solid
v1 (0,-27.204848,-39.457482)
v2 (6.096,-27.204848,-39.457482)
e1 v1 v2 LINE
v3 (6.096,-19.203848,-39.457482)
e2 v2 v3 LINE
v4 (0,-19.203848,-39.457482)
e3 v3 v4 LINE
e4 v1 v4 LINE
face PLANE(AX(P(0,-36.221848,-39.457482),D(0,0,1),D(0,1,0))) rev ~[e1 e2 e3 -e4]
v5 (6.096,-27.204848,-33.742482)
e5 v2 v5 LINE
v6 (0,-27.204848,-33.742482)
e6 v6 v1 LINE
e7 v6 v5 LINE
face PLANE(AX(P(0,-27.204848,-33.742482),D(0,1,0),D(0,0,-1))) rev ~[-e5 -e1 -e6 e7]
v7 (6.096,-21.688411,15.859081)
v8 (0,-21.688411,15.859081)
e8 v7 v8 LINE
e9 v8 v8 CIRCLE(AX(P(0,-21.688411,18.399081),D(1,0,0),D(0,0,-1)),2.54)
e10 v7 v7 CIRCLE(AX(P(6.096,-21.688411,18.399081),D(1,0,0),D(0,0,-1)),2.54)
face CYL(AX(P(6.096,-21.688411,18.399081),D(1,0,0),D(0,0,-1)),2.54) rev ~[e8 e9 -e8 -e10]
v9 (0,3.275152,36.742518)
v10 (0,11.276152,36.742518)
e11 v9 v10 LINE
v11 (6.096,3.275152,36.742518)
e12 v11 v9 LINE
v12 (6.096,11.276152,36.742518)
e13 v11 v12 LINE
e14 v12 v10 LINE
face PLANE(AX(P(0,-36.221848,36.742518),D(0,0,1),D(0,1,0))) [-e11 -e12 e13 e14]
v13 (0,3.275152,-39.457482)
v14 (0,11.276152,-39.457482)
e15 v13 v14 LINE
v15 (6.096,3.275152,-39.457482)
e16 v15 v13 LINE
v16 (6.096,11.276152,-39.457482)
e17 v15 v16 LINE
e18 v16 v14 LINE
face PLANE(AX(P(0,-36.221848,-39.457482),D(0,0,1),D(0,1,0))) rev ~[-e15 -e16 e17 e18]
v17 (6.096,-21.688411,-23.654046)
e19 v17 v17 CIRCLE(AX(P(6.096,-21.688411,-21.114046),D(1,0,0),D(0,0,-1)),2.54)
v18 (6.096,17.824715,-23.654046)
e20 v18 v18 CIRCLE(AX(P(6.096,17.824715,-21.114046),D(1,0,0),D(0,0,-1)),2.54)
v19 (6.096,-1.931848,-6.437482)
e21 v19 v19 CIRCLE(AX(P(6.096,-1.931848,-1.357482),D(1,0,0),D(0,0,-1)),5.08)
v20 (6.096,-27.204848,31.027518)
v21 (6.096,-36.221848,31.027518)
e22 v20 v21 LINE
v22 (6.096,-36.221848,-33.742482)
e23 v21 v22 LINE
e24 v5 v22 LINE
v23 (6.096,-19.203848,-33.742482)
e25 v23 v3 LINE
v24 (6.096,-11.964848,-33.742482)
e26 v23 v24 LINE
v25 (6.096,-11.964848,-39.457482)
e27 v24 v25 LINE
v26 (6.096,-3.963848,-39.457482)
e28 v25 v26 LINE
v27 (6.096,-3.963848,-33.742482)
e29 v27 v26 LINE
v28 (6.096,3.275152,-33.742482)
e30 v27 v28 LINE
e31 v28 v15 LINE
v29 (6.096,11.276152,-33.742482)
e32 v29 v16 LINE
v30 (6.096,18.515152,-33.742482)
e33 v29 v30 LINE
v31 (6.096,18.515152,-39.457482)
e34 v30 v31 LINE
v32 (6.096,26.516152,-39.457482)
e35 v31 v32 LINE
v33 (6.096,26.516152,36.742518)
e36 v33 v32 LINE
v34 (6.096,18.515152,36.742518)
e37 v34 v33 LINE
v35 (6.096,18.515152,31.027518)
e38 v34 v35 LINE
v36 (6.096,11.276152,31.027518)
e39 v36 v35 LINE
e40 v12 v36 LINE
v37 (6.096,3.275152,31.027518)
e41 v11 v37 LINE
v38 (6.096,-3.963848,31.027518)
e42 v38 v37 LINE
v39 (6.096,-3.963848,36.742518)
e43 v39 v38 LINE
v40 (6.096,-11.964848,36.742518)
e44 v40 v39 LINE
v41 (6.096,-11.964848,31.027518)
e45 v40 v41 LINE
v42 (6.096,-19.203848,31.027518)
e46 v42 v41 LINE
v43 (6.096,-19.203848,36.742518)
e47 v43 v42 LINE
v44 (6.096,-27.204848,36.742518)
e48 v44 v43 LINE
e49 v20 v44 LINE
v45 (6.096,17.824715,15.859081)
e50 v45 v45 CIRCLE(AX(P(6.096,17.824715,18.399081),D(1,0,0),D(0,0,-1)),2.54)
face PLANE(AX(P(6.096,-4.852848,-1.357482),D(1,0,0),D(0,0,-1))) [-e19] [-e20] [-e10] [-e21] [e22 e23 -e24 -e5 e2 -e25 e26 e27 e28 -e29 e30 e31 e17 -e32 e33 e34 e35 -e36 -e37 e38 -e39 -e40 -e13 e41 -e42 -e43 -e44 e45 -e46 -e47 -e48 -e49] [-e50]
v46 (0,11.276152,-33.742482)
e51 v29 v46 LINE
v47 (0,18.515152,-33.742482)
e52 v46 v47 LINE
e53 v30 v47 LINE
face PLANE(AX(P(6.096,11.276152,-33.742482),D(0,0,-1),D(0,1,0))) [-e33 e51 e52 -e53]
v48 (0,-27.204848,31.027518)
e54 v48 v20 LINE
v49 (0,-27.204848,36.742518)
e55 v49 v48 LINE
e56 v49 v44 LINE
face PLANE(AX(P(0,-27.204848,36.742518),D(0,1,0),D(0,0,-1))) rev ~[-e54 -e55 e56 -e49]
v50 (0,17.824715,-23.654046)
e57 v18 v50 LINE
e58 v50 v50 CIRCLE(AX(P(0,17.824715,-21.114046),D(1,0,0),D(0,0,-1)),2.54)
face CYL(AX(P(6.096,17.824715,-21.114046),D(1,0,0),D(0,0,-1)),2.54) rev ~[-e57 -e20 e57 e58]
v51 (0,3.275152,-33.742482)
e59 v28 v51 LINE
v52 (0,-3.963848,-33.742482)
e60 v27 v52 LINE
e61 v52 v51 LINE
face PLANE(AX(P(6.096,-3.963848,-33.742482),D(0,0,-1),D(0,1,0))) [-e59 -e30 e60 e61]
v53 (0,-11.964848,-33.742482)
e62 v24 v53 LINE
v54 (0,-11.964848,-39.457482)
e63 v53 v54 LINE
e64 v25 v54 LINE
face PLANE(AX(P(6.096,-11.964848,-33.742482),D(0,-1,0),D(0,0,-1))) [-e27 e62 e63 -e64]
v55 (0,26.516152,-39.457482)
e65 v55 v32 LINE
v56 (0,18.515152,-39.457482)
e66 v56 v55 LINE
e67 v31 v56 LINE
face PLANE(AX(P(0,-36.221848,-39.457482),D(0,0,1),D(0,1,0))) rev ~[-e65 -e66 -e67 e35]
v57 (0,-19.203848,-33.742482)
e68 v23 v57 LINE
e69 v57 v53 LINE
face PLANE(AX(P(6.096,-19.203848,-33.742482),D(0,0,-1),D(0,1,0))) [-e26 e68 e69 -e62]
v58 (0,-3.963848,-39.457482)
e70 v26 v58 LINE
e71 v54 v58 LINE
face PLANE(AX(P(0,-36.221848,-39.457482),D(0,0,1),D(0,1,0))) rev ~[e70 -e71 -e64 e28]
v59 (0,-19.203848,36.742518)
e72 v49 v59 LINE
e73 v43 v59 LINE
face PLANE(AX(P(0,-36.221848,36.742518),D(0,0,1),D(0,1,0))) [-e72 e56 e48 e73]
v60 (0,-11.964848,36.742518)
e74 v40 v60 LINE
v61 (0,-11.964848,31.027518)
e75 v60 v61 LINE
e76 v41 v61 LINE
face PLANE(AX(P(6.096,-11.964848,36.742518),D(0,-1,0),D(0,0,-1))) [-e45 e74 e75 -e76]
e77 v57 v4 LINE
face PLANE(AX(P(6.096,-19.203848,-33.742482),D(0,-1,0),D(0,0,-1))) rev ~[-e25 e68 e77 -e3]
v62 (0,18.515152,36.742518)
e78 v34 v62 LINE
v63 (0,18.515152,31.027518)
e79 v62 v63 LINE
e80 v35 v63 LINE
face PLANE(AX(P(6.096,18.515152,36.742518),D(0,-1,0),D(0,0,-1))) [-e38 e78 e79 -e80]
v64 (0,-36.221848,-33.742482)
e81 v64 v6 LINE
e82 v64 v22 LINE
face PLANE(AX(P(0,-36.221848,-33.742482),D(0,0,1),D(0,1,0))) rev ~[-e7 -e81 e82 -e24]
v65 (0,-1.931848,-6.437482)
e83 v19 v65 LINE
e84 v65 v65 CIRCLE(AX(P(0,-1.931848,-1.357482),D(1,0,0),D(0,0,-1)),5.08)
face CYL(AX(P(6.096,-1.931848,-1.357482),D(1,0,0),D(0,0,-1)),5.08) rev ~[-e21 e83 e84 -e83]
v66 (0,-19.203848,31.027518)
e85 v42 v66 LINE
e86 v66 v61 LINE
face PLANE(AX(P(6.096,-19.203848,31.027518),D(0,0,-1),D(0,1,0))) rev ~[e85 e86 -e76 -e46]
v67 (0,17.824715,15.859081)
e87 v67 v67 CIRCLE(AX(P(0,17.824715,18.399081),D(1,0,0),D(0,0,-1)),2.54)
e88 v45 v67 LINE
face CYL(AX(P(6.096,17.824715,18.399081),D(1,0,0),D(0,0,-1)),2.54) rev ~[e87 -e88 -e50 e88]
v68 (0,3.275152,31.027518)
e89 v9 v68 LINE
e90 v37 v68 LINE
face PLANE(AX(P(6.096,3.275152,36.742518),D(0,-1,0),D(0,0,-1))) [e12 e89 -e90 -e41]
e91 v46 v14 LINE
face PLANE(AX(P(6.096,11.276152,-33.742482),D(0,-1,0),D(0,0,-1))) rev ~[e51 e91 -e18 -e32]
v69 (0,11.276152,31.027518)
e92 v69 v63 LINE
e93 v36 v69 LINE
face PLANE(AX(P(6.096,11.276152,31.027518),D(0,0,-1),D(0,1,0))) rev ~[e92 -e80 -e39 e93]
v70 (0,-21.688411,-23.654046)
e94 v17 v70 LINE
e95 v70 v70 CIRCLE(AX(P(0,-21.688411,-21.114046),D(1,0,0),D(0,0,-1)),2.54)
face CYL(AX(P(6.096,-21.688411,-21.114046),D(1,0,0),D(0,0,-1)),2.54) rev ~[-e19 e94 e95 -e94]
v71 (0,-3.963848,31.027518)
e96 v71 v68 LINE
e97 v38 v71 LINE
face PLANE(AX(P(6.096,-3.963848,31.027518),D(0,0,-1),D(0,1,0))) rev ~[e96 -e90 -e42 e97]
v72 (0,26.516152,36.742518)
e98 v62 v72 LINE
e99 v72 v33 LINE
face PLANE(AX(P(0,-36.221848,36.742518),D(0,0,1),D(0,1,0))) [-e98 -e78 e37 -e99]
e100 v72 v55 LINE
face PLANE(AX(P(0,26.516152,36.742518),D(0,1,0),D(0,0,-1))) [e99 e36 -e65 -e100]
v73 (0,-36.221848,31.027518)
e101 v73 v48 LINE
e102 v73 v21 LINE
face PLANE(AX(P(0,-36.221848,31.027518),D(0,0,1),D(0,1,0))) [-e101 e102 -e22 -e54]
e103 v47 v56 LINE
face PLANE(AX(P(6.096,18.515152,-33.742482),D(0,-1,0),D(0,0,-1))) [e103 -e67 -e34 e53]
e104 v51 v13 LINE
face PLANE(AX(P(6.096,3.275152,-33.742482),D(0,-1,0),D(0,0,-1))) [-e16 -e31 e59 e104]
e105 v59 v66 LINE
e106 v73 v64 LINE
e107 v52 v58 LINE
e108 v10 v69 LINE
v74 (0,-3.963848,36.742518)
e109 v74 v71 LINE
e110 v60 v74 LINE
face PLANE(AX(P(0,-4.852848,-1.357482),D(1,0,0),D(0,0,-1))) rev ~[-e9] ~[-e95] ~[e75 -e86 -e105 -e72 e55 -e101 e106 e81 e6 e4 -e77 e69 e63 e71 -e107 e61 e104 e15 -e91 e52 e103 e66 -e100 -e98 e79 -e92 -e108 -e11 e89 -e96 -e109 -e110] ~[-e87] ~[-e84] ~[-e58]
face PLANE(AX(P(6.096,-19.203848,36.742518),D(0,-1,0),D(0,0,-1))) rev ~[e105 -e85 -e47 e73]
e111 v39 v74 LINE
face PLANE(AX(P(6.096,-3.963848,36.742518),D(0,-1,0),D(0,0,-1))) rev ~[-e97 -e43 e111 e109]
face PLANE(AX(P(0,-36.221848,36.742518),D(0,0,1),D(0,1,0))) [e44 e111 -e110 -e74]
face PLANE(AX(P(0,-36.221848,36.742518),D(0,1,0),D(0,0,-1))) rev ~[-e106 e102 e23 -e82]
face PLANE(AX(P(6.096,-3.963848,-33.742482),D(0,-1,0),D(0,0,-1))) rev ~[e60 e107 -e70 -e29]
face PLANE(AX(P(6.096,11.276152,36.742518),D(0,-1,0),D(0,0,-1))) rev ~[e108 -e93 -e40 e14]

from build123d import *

# Parameters (mm, degrees)
SKETCH1_W               = 76.2
SKETCH1_H               = 62.738
BOSS_EXTRUDE1_DEPTH     = 6.096
SKETCH2_R               = 5.08
SKETCH2_R_2             = 2.54
CUT_EXTRUDE1_DEPTH      = 6.096
SKETCH3_W               = 5.715
SKETCH3_H               = 7.239
CUT_EXTRUDE2_DEPTH      = 6.096
CUT_EXTRUDE3_DEPTH      = 7.874
CUT_EXTRUDE3_DEPTH_BACK = 6.096
SKETCH4_W               = 5.715
SKETCH4_H               = 9.017


with BuildPart() as part:
    # Sketch1 → Boss-Extrude1 (new body)
    with BuildSketch(Plane(origin=(0, 0, 0), x_dir=(0, 0, -1), z_dir=(1, 0, 0))):
        with Locations((1.357482185, -4.852847981)):
            Rectangle(SKETCH1_W, SKETCH1_H)
    extrude(amount=BOSS_EXTRUDE1_DEPTH)

    # Sketch2 → Cut-Extrude1 (cut)
    with BuildSketch(Plane(origin=(6.096, 0, 0), x_dir=(0, 0, -1), z_dir=(1, 0, 0))):
        with Locations((1.357482185, -1.931847981)):
            Circle(SKETCH2_R)
        with Locations((-18.399081281, 17.824715485)):
            Circle(SKETCH2_R_2)
        with Locations((21.114045652, 17.824715485)):
            Circle(SKETCH2_R_2)
        with Locations((21.114045652, -21.688411447)):
            Circle(SKETCH2_R_2)
        with Locations((-18.399081281, -21.688411447)):
            Circle(SKETCH2_R_2)
    extrude(amount=-CUT_EXTRUDE1_DEPTH, mode=Mode.SUBTRACT)

    # Sketch3 → Cut-Extrude2 (cut)
    with BuildSketch(Plane(origin=(6.096, 0, 0), x_dir=(0, 0, -1), z_dir=(1, 0, 0))):
        with Locations((-33.885017815, 14.895652019)):
            Rectangle(SKETCH3_W, SKETCH3_H)
        with Locations((-33.885017815, -0.344347981)):
            Rectangle(SKETCH3_W, SKETCH3_H)
        with Locations((-33.885017815, -15.584347981)):
            Rectangle(SKETCH3_W, SKETCH3_H)
        with Locations((36.599982185, -15.584347981)):
            Rectangle(SKETCH3_W, SKETCH3_H)
        with Locations((36.599982185, 14.895652019)):
            Rectangle(SKETCH3_W, SKETCH3_H)
        with Locations((36.599982185, -0.344347981)):
            Rectangle(SKETCH3_W, SKETCH3_H)
    extrude(amount=-CUT_EXTRUDE2_DEPTH, mode=Mode.SUBTRACT)

    # Sketch4 → Cut-Extrude3 (cut, two sides: drawn at the far end of the back side and taken through both)
    with BuildSketch(Plane(origin=(6.096, 0, 0), x_dir=(0, 0, -1), z_dir=(1, 0, 0)).offset(-CUT_EXTRUDE3_DEPTH_BACK)):
        with Locations((36.599982185, -31.713347981)):
            Rectangle(SKETCH4_W, SKETCH4_H)
        with Locations((-33.885017815, -31.713347981)):
            Rectangle(SKETCH4_W, SKETCH4_H)
    extrude(amount=CUT_EXTRUDE3_DEPTH + CUT_EXTRUDE3_DEPTH_BACK, mode=Mode.SUBTRACT)


solid = part.part
